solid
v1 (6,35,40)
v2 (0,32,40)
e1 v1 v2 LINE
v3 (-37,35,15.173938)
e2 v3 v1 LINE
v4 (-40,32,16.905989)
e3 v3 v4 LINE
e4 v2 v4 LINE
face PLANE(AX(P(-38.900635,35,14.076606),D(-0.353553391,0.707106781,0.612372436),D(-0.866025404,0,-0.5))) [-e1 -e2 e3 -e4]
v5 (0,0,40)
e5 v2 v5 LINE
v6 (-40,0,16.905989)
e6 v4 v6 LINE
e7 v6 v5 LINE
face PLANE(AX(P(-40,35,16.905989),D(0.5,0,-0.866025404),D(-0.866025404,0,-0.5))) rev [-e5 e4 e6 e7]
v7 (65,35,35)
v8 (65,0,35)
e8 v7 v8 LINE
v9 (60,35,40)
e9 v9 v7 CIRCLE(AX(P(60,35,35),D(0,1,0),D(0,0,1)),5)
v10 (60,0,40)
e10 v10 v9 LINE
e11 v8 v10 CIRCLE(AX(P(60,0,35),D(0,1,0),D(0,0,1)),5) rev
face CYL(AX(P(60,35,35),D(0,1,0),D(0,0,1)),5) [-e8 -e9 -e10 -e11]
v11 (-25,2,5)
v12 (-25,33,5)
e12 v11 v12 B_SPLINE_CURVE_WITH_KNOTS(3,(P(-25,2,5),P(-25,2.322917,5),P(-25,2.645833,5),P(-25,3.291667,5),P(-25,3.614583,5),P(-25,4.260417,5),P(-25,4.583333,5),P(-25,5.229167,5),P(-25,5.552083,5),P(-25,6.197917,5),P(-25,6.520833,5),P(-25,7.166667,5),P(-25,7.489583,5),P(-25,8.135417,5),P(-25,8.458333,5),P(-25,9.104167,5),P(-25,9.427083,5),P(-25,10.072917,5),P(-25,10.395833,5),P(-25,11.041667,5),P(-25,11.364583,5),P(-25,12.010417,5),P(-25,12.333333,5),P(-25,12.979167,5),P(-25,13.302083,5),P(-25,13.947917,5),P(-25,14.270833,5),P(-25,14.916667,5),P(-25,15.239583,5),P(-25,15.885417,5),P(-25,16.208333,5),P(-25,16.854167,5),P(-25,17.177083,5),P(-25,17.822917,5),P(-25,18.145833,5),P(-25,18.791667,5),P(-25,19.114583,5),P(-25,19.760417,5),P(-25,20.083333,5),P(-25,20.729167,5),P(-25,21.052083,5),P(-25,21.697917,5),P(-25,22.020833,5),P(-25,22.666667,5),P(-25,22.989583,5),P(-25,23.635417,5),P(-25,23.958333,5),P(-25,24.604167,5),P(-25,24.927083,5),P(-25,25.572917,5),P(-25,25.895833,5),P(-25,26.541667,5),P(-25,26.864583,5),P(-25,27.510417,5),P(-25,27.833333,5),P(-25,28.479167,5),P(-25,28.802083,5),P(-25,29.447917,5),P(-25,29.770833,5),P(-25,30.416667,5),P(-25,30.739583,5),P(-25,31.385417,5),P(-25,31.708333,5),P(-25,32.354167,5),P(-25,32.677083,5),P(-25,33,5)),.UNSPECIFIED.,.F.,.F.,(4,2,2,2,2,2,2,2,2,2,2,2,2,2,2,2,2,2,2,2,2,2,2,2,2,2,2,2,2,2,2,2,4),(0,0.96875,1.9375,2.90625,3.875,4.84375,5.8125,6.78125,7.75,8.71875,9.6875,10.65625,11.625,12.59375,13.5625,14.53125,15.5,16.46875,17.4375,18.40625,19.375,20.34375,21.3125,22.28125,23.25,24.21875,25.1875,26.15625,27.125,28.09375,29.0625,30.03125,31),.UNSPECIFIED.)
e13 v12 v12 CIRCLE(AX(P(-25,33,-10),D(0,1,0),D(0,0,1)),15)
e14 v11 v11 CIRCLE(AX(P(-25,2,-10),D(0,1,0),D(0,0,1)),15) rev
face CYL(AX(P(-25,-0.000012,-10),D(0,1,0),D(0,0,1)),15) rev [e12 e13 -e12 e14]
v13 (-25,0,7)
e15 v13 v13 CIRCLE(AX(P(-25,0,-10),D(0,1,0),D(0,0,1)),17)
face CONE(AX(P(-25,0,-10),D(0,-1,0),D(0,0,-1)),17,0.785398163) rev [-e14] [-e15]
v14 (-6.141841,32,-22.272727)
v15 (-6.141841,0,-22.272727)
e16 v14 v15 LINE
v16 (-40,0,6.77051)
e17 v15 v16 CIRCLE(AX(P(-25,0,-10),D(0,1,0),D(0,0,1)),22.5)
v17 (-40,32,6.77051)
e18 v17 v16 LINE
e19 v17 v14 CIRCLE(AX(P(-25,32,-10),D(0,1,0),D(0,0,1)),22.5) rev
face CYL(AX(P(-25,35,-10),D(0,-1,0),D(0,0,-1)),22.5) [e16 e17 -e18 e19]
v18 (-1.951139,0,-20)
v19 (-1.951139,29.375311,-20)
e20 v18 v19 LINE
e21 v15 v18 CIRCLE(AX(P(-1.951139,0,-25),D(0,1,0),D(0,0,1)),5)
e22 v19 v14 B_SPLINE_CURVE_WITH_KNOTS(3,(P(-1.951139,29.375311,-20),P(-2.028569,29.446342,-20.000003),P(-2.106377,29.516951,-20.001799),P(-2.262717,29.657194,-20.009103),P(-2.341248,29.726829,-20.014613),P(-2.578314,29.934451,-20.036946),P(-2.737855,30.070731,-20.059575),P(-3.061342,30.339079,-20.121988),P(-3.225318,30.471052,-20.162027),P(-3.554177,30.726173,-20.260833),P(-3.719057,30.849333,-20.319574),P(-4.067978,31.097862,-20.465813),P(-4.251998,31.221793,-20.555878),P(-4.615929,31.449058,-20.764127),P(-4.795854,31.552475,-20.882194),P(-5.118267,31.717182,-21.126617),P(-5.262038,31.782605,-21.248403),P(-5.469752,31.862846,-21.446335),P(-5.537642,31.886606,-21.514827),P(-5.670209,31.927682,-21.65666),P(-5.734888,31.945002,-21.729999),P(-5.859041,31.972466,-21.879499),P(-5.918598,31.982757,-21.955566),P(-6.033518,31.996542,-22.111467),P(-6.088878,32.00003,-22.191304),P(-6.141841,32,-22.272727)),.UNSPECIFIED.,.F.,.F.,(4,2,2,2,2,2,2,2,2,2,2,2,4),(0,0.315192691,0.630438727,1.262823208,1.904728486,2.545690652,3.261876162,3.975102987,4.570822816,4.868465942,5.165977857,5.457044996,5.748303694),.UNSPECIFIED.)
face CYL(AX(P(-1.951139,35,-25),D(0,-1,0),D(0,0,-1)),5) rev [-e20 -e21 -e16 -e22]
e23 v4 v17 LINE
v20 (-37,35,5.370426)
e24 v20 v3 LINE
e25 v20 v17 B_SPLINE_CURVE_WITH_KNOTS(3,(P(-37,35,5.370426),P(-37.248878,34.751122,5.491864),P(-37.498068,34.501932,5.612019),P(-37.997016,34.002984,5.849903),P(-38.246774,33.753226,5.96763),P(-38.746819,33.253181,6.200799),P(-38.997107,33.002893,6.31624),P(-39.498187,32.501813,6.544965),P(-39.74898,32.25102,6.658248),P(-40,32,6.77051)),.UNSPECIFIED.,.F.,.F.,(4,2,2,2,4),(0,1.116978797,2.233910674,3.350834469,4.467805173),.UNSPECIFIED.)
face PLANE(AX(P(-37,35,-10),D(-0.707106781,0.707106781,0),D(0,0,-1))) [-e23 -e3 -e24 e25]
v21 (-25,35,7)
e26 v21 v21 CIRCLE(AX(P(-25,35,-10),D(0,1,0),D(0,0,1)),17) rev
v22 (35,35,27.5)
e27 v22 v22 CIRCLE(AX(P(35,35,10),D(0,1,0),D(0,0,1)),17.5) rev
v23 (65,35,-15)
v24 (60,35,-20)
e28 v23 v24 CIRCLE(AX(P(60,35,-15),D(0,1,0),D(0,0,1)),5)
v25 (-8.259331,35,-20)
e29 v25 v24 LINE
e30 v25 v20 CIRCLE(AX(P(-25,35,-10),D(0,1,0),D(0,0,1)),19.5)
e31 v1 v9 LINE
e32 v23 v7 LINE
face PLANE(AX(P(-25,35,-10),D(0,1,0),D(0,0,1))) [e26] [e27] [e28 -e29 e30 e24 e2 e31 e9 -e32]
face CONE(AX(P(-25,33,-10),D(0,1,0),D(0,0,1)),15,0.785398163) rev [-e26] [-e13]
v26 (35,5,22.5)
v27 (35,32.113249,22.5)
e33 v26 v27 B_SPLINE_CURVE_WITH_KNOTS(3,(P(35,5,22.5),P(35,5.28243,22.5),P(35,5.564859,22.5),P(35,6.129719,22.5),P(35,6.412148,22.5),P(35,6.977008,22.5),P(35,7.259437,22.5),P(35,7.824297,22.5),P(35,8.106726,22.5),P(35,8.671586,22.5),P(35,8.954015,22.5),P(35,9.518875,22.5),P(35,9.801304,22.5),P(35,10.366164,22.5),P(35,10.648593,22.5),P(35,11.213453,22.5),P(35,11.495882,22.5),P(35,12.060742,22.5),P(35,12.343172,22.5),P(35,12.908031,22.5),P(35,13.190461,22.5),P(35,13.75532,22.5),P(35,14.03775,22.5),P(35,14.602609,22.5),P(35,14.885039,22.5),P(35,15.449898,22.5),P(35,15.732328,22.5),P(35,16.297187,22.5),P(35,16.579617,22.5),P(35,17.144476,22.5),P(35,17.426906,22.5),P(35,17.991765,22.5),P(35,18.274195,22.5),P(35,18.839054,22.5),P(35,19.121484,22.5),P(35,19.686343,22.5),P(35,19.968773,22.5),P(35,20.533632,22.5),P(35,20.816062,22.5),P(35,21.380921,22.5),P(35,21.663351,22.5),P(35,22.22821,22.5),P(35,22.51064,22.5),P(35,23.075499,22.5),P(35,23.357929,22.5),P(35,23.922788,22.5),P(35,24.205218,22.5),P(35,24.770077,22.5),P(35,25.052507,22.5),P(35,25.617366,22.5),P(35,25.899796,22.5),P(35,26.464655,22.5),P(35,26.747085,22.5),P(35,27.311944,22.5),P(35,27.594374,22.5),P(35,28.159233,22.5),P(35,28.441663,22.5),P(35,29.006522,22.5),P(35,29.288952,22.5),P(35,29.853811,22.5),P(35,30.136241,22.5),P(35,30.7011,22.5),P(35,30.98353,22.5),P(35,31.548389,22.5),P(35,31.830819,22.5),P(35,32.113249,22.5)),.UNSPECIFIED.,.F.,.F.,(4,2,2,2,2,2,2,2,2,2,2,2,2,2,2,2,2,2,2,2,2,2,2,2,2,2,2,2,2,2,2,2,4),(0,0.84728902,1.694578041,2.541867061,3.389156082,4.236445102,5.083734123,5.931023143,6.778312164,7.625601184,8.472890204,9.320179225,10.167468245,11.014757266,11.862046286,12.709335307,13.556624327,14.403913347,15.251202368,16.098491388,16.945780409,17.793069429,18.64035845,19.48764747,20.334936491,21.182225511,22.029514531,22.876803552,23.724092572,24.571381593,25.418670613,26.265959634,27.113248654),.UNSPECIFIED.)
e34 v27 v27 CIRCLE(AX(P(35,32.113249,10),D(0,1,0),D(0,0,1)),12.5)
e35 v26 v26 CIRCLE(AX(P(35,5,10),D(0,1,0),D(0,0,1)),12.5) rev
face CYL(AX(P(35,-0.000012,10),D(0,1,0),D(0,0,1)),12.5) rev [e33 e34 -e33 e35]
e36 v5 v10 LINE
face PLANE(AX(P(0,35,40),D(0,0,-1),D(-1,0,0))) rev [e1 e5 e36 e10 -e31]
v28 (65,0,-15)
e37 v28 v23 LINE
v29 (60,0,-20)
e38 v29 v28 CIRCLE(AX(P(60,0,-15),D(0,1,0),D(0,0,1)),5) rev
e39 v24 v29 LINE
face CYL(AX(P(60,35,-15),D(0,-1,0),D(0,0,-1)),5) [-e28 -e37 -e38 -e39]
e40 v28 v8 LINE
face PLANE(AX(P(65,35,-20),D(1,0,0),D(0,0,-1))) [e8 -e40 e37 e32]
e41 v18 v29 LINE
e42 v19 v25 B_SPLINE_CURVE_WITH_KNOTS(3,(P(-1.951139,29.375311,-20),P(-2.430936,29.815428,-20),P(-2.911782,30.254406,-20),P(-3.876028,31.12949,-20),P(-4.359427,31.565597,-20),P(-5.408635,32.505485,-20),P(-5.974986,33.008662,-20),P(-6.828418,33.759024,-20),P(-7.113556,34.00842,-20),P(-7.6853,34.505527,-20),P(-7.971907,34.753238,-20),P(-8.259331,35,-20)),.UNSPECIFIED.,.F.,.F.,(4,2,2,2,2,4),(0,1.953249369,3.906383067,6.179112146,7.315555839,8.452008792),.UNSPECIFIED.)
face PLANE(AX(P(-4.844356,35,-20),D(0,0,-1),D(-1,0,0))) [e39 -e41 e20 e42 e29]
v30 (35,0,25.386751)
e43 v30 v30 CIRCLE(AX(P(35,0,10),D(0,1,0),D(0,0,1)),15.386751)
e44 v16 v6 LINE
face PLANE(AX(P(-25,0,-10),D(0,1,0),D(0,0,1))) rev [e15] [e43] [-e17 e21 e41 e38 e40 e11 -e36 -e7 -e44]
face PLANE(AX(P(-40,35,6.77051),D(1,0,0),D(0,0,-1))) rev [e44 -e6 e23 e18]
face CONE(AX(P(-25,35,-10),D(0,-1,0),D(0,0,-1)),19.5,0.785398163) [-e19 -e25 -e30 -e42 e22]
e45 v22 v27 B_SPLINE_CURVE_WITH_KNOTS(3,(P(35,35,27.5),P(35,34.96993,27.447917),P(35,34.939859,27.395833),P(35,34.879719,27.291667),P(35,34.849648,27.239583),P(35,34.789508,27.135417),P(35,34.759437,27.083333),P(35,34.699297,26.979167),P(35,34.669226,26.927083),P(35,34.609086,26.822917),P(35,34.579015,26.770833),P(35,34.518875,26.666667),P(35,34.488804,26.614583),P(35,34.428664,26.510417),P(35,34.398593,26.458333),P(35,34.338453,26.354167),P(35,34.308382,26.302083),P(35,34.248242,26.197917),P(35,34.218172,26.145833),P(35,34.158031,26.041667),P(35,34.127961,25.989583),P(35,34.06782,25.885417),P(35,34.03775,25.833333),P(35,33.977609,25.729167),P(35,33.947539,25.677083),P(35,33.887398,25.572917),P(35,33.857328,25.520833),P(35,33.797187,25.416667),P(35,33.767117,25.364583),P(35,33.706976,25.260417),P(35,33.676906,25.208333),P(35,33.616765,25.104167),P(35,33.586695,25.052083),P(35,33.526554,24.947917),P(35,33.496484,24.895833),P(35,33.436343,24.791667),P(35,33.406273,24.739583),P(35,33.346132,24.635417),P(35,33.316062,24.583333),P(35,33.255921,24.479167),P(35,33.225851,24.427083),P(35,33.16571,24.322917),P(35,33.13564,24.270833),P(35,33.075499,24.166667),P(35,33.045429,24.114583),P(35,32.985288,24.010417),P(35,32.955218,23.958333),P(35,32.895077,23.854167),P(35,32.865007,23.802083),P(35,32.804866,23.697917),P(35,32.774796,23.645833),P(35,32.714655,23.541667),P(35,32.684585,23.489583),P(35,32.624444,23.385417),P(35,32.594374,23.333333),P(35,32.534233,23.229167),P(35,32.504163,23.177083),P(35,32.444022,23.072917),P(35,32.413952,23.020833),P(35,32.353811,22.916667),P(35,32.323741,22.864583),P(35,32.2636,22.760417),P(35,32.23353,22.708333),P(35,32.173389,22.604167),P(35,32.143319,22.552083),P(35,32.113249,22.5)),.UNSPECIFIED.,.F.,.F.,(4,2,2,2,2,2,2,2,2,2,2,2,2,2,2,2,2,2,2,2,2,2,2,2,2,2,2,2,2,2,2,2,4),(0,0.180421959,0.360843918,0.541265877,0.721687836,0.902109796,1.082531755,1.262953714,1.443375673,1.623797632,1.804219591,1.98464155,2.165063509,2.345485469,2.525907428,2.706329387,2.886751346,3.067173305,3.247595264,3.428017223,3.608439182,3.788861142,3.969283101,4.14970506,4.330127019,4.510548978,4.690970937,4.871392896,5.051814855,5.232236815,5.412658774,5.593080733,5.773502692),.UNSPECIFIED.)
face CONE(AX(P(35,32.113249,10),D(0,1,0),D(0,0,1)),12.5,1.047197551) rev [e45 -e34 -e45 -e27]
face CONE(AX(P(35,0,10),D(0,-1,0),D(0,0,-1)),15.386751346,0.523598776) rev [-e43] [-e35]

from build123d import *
from OCP.BRepFilletAPI import BRepFilletAPI_MakeChamfer

# Parameters (mm, degrees)
BOSS_EXTRUDE1_DEPTH     = 35
CUT_EXTRUDE3_DEPTH      = 84.964278119
CUT_EXTRUDE3_DEPTH_BACK = 84.964278119
SKETCH2_R               = 12.5
SKETCH2_R_2             = 15
CHAMFER1_SIZE           = 3
CHAMFER2_SIZE           = 2
CHAMFER3_SIZE           = 5
CHAMFER3_SIZE2          = 2.886751346
FILLET1_R               = 5


with BuildPart() as part:
    # Sketch1 → Boss-Extrude1 (new body)
    with BuildSketch(Plane(origin=(0, 0, 0), x_dir=(1, 0, 0), z_dir=(0, 1, 0))):
        with BuildLine():
            Line((-40, -16.905989232), (0, -40))
            Line((0, -40), (65, -40))
            Line((65, -40), (65, 20))
            Line((65, 20), (-4.844355629, 20))
            ThreePointArc((-4.844355629, 20), (-38.631222116, 27.900831925), (-40, -6.770509831))
            Line((-40, -6.770509831), (-40, -16.905989232))
        make_face()
    extrude(amount=BOSS_EXTRUDE1_DEPTH)

    # Sketch2 → Cut-Extrude3 (cut, two sides: drawn at the far end of the back side and taken through both)
    with BuildSketch(Plane(origin=(0, 0, 0), x_dir=(1, 0, 0), z_dir=(0, 1, 0)).offset(-CUT_EXTRUDE3_DEPTH_BACK)):
        with Locations(Location((35, -10, 0), (0, 0, 270))):
            Circle(SKETCH2_R)
        with Locations(Location((-25, 10, 0), (0, 0, 270))):
            Circle(SKETCH2_R_2)
    extrude(amount=CUT_EXTRUDE3_DEPTH + CUT_EXTRUDE3_DEPTH_BACK, mode=Mode.SUBTRACT)

    # Chamfer1
    chamfer1_edges = [part.edges().sort_by_distance(p)[0] for p in [
        (-20, 35, 28.452994616),
        (-40, 35, 11.838249532),
        (-38.631222116, 35, -27.900831925),
    ]]
    chamfer(chamfer1_edges, length=CHAMFER1_SIZE)

    # Chamfer2
    chamfer2_edges = [part.edges().sort_by_distance(p)[0] for p in [
        (-25, 0, -25),
        (-25, 35, -25),
    ]]
    chamfer(chamfer2_edges, length=CHAMFER2_SIZE)

    # Chamfer3: one chamfer whose edges measure the first distance from different faces: ONE call of the kernel's chamfer builder (chamfer() names one face for all edges)
    chamfer3_edges_1 = [part.edges().sort_by_distance(p)[0] for p in [
        (35, 0, -2.5),
    ]]
    chamfer3_side_1 = [part.faces().sort_by_distance(p)[0] for p in [
        (35, 17.5, -2.5),
    ]]
    chamfer3_edges_2 = [part.edges().sort_by_distance(p)[0] for p in [
        (35, 35, -2.5),
    ]]
    chamfer3_side_2 = [part.faces().sort_by_distance(p)[0] for p in [
        (20.131502665, 35, 9.160583392),
    ]]
    chamfer3 = BRepFilletAPI_MakeChamfer(part.part.solid().wrapped)
    for e in chamfer3_edges_1:
        chamfer3.Add(CHAMFER3_SIZE, CHAMFER3_SIZE2, e.wrapped, chamfer3_side_1[0].wrapped)  # the first distance lies on this face
    for e in chamfer3_edges_2:
        chamfer3.Add(CHAMFER3_SIZE, CHAMFER3_SIZE2, e.wrapped, chamfer3_side_2[0].wrapped)  # the first distance lies on this face
    add(Compound.cast(chamfer3.Shape()), mode=Mode.REPLACE)

    # Fillet1
    fillet1_edges = [part.edges().sort_by_distance(p)[0] for p in [
        (65, 17.5, 40),
        (65, 17.5, -20),
        (-4.844355629, 16, -20),
    ]]
    fillet(fillet1_edges, radius=FILLET1_R)


solid = part.part
